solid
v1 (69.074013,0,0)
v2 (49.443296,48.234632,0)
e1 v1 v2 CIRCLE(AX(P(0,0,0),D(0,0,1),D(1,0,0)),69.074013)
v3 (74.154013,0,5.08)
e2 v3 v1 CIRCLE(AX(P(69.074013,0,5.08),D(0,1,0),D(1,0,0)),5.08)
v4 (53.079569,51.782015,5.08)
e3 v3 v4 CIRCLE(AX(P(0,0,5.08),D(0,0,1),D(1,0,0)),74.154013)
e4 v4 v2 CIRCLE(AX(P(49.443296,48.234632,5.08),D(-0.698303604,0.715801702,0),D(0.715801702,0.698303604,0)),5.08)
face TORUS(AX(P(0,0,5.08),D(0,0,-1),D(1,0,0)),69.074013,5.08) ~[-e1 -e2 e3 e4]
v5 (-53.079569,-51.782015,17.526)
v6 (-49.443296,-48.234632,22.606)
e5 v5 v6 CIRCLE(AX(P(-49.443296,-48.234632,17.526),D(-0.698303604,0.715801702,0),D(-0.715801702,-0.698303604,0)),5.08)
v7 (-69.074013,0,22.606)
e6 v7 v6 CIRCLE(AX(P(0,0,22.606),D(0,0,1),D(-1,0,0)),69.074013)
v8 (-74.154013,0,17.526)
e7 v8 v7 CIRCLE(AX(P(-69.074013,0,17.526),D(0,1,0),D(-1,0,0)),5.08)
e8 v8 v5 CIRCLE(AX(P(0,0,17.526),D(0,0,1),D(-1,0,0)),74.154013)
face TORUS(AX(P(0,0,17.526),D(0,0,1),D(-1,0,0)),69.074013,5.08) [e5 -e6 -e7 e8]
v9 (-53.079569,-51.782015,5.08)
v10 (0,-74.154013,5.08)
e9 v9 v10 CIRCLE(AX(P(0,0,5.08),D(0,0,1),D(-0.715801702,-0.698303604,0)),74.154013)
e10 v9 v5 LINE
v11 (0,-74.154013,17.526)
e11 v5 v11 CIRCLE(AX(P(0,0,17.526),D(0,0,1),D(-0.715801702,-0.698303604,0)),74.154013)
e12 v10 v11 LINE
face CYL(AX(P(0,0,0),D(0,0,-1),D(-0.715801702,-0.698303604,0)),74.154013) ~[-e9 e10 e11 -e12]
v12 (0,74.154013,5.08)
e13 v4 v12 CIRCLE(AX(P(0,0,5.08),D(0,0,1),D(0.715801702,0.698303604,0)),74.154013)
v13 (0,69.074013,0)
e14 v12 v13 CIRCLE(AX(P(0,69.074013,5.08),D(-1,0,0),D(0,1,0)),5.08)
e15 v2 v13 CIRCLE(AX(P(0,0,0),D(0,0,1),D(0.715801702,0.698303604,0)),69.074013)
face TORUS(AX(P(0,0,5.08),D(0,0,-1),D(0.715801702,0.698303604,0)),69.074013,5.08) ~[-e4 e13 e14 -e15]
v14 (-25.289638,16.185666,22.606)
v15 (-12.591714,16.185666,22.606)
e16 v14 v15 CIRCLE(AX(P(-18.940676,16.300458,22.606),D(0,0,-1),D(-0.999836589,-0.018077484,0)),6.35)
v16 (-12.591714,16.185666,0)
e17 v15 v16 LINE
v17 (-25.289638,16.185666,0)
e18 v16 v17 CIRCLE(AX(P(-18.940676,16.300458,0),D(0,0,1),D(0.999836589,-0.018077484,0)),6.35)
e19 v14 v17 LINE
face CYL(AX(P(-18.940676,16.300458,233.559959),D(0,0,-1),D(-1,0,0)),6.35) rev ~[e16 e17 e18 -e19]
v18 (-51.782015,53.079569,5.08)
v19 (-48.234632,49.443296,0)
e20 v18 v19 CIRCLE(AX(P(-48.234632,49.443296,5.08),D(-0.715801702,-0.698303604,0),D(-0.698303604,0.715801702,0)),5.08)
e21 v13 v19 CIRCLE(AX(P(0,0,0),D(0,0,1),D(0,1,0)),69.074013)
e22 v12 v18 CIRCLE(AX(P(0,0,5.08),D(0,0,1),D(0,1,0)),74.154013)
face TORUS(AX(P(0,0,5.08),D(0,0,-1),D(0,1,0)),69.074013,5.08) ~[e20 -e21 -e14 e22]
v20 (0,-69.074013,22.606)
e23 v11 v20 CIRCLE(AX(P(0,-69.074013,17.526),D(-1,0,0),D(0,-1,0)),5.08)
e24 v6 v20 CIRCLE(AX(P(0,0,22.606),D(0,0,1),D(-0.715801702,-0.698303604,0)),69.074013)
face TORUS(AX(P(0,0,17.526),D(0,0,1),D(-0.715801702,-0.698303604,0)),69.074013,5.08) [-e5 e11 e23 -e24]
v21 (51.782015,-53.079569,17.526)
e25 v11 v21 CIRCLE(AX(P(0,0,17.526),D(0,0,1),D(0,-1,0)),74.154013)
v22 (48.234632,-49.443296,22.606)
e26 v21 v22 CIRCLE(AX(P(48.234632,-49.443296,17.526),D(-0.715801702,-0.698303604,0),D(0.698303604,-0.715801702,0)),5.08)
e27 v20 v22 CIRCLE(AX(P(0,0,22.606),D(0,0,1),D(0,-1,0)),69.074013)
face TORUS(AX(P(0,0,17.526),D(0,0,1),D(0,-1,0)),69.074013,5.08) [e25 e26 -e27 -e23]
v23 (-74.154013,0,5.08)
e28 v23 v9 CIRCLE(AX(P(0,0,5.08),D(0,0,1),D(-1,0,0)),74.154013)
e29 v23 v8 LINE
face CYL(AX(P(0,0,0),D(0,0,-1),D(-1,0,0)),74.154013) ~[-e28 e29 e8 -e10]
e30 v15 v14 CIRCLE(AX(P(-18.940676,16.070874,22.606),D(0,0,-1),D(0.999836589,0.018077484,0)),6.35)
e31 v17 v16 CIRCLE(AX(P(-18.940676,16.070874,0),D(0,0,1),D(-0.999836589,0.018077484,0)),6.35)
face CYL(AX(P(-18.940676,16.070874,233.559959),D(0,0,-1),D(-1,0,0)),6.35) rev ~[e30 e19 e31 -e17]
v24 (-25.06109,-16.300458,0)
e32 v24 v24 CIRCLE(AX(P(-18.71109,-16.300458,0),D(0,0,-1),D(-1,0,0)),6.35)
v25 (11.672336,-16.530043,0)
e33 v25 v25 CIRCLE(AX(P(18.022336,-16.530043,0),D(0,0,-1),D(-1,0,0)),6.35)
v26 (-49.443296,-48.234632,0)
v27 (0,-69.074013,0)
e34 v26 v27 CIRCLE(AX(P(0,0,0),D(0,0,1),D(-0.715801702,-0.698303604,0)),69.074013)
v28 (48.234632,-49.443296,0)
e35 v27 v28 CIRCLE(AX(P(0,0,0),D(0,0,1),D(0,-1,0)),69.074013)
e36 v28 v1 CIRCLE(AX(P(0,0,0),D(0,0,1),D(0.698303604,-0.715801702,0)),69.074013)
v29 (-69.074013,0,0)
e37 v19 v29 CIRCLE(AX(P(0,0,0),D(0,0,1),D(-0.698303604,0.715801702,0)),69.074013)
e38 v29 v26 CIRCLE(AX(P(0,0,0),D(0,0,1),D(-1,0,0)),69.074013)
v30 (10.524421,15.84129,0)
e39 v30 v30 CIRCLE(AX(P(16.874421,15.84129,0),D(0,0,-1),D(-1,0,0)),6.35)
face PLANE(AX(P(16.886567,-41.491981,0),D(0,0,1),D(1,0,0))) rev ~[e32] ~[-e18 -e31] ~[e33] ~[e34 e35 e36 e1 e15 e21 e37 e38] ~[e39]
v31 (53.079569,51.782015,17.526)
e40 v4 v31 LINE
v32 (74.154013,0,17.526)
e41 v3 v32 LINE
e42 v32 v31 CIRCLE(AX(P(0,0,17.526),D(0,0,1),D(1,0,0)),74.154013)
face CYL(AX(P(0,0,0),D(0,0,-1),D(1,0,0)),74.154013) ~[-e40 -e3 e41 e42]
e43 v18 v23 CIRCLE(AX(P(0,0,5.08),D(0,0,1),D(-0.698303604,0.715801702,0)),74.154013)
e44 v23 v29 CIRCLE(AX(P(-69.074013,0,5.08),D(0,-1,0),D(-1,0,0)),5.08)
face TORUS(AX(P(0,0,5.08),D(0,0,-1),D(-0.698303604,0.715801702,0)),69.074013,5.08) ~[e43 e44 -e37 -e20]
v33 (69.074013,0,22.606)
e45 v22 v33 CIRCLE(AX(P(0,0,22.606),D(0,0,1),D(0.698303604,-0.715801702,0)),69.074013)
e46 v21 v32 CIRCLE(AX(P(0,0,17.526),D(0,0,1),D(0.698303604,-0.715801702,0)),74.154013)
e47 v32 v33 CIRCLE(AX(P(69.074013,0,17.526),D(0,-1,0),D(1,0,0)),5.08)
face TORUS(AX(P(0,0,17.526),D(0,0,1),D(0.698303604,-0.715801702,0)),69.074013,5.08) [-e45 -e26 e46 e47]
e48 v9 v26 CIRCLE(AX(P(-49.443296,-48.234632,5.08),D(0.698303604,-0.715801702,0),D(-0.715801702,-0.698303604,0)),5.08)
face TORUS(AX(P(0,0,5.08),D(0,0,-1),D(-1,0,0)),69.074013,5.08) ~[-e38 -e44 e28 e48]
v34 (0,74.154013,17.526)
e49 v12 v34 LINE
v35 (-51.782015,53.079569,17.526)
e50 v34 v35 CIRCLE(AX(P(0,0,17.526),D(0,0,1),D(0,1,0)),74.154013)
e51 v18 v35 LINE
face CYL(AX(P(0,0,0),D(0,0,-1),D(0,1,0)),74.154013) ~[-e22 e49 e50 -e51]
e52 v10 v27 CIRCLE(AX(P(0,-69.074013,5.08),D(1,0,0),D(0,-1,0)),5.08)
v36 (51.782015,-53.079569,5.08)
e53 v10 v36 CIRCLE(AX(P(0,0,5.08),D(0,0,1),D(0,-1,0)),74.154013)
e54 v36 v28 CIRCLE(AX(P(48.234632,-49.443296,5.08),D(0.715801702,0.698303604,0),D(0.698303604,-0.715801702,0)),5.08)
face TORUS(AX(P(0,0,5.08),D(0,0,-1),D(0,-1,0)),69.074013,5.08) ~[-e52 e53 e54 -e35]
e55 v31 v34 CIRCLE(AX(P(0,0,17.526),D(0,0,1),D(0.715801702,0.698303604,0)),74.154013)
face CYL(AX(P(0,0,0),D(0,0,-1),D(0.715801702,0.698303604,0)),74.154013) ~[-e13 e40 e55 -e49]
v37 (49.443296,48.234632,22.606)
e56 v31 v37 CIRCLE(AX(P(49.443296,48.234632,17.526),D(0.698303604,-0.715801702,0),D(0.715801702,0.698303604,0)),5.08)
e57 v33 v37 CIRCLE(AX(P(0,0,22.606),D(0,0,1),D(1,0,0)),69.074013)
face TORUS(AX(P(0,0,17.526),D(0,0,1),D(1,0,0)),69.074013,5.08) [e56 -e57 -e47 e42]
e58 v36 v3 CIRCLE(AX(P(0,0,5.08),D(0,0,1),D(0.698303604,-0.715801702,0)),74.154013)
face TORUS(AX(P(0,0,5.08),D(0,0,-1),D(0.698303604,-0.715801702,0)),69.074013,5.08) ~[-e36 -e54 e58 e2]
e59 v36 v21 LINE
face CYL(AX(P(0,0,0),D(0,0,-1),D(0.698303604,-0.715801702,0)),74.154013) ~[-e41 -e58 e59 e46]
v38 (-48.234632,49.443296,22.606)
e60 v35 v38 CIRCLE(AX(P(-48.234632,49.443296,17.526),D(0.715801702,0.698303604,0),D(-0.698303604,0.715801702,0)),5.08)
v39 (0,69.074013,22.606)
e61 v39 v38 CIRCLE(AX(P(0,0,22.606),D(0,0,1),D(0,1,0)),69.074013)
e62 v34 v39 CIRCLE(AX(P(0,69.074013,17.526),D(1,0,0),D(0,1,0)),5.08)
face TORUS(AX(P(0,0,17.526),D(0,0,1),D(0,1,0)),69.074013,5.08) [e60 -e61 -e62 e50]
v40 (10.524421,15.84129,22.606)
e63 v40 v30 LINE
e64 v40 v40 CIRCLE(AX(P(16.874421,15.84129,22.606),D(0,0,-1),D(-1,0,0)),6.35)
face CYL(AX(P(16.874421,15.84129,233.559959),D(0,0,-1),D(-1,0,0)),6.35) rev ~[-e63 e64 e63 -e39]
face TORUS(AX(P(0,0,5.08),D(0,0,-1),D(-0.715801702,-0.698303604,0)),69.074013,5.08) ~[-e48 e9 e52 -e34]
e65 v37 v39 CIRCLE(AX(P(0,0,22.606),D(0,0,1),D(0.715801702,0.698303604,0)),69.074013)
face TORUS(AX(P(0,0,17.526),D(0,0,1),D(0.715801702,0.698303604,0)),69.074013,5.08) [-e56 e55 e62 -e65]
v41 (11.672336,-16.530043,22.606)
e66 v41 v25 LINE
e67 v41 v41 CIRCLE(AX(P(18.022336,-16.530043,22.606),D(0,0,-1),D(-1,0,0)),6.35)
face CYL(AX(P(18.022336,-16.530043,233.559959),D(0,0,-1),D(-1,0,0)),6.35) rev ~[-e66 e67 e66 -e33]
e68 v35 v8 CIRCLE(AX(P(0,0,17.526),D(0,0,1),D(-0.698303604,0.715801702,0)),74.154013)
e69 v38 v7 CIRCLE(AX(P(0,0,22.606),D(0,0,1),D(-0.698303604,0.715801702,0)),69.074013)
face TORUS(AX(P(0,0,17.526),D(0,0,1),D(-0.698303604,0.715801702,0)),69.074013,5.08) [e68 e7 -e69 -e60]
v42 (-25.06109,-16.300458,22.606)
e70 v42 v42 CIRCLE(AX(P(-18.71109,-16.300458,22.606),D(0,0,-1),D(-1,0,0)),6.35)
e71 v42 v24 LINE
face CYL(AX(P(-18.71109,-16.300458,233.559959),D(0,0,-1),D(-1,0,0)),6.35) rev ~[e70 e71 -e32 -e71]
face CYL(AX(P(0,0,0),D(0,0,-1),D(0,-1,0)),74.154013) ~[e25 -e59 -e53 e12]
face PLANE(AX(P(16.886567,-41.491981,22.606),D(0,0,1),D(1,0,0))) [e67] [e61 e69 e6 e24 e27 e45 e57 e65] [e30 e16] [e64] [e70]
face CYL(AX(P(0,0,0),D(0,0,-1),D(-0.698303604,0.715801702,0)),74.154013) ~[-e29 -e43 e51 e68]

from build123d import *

# Parameters (mm, degrees)
F1_DEPTH   = 22.606
F2_R       = 5.08
F5_D       = 12.7
F5_ON_F4_D = 12.7


with BuildPart() as f1:
    # F0 (on Top) → F1 (new body)
    with BuildSketch(Plane.XY):
        with BuildLine():
            ThreePointArc((0, -74.1540131918), (27.9531270487, -68.6836251274), (51.7820146668, -53.0795688518))
            Line((51.7820146668, -53.0795688518), (0, 0))
            Line((0, 0), (0, -74.1540131918))
        make_face()
        with BuildLine():
            ThreePointArc((51.7820146668, -53.0795688518), (68.3325027755, -28.8008113926), (74.1540131918, 0))
            Line((74.1540131918, 0), (0, 0))
            Line((0, 0), (51.7820146668, -53.0795688518))
        make_face()
        with BuildLine():
            Line((0, 0), (74.1540131918, 0))
            ThreePointArc((74.1540131918, 0), (68.6836251274, 27.9531270487), (53.0795688518, 51.7820146668))
            Line((53.0795688518, 51.7820146668), (0, 0))
        make_face()
        with BuildLine():
            Line((0, 0), (53.0795688518, 51.7820146668))
            ThreePointArc((53.0795688518, 51.7820146668), (28.8008113926, 68.3325027755), (0, 74.1540131918))
            Line((0, 74.1540131918), (0, 0))
        make_face()
        with BuildLine():
            Line((-51.7820146668, 53.0795688518), (0, 0))
            Line((0, 0), (0, 74.1540131918))
            ThreePointArc((0, 74.1540131918), (-27.9531270487, 68.6836251274), (-51.7820146668, 53.0795688518))
        make_face()
        with BuildLine():
            Line((-74.1540131918, 0), (0, 0))
            Line((0, 0), (-51.7820146668, 53.0795688518))
            ThreePointArc((-51.7820146668, 53.0795688518), (-68.3325027755, 28.8008113926), (-74.1540131918, 0))
        make_face()
        with BuildLine():
            Line((-53.0795688518, -51.7820146668), (0, 0))
            Line((0, 0), (-74.1540131918, 0))
            ThreePointArc((-74.1540131918, 0), (-68.6836251274, -27.9531270487), (-53.0795688518, -51.7820146668))
        make_face()
        with BuildLine():
            Line((0, -74.1540131918), (0, 0))
            Line((0, 0), (-53.0795688518, -51.7820146668))
            ThreePointArc((-53.0795688518, -51.7820146668), (-28.8008113926, -68.3325027755), (0, -74.1540131918))
        make_face()
    extrude(amount=F1_DEPTH)

    # F2
    f2_edges = [f1.edges().sort_by_distance(p)[0] for p in [
        (53.079569, 51.782015, 22.606),
        (53.079569, 51.782015, 0),
    ]]
    fillet(f2_edges, radius=F2_R)

    # F5 (through all)
    with Locations(Plane.XY.offset(22.606)):
        with Locations((-18.9406760037, 16.0708744079), (16.8744213879, 15.8412903547), (-18.7110900879, -16.300458461)):
            Hole(F5_D / 2)

    # F5 on F4 (through all)
    with Locations(Plane.XY.offset(22.606)):
        with Locations((18.0223360658, -16.5300425142), (-18.9406760037, 16.300458461)):
            Hole(F5_ON_F4_D / 2)


solid = f1.part
